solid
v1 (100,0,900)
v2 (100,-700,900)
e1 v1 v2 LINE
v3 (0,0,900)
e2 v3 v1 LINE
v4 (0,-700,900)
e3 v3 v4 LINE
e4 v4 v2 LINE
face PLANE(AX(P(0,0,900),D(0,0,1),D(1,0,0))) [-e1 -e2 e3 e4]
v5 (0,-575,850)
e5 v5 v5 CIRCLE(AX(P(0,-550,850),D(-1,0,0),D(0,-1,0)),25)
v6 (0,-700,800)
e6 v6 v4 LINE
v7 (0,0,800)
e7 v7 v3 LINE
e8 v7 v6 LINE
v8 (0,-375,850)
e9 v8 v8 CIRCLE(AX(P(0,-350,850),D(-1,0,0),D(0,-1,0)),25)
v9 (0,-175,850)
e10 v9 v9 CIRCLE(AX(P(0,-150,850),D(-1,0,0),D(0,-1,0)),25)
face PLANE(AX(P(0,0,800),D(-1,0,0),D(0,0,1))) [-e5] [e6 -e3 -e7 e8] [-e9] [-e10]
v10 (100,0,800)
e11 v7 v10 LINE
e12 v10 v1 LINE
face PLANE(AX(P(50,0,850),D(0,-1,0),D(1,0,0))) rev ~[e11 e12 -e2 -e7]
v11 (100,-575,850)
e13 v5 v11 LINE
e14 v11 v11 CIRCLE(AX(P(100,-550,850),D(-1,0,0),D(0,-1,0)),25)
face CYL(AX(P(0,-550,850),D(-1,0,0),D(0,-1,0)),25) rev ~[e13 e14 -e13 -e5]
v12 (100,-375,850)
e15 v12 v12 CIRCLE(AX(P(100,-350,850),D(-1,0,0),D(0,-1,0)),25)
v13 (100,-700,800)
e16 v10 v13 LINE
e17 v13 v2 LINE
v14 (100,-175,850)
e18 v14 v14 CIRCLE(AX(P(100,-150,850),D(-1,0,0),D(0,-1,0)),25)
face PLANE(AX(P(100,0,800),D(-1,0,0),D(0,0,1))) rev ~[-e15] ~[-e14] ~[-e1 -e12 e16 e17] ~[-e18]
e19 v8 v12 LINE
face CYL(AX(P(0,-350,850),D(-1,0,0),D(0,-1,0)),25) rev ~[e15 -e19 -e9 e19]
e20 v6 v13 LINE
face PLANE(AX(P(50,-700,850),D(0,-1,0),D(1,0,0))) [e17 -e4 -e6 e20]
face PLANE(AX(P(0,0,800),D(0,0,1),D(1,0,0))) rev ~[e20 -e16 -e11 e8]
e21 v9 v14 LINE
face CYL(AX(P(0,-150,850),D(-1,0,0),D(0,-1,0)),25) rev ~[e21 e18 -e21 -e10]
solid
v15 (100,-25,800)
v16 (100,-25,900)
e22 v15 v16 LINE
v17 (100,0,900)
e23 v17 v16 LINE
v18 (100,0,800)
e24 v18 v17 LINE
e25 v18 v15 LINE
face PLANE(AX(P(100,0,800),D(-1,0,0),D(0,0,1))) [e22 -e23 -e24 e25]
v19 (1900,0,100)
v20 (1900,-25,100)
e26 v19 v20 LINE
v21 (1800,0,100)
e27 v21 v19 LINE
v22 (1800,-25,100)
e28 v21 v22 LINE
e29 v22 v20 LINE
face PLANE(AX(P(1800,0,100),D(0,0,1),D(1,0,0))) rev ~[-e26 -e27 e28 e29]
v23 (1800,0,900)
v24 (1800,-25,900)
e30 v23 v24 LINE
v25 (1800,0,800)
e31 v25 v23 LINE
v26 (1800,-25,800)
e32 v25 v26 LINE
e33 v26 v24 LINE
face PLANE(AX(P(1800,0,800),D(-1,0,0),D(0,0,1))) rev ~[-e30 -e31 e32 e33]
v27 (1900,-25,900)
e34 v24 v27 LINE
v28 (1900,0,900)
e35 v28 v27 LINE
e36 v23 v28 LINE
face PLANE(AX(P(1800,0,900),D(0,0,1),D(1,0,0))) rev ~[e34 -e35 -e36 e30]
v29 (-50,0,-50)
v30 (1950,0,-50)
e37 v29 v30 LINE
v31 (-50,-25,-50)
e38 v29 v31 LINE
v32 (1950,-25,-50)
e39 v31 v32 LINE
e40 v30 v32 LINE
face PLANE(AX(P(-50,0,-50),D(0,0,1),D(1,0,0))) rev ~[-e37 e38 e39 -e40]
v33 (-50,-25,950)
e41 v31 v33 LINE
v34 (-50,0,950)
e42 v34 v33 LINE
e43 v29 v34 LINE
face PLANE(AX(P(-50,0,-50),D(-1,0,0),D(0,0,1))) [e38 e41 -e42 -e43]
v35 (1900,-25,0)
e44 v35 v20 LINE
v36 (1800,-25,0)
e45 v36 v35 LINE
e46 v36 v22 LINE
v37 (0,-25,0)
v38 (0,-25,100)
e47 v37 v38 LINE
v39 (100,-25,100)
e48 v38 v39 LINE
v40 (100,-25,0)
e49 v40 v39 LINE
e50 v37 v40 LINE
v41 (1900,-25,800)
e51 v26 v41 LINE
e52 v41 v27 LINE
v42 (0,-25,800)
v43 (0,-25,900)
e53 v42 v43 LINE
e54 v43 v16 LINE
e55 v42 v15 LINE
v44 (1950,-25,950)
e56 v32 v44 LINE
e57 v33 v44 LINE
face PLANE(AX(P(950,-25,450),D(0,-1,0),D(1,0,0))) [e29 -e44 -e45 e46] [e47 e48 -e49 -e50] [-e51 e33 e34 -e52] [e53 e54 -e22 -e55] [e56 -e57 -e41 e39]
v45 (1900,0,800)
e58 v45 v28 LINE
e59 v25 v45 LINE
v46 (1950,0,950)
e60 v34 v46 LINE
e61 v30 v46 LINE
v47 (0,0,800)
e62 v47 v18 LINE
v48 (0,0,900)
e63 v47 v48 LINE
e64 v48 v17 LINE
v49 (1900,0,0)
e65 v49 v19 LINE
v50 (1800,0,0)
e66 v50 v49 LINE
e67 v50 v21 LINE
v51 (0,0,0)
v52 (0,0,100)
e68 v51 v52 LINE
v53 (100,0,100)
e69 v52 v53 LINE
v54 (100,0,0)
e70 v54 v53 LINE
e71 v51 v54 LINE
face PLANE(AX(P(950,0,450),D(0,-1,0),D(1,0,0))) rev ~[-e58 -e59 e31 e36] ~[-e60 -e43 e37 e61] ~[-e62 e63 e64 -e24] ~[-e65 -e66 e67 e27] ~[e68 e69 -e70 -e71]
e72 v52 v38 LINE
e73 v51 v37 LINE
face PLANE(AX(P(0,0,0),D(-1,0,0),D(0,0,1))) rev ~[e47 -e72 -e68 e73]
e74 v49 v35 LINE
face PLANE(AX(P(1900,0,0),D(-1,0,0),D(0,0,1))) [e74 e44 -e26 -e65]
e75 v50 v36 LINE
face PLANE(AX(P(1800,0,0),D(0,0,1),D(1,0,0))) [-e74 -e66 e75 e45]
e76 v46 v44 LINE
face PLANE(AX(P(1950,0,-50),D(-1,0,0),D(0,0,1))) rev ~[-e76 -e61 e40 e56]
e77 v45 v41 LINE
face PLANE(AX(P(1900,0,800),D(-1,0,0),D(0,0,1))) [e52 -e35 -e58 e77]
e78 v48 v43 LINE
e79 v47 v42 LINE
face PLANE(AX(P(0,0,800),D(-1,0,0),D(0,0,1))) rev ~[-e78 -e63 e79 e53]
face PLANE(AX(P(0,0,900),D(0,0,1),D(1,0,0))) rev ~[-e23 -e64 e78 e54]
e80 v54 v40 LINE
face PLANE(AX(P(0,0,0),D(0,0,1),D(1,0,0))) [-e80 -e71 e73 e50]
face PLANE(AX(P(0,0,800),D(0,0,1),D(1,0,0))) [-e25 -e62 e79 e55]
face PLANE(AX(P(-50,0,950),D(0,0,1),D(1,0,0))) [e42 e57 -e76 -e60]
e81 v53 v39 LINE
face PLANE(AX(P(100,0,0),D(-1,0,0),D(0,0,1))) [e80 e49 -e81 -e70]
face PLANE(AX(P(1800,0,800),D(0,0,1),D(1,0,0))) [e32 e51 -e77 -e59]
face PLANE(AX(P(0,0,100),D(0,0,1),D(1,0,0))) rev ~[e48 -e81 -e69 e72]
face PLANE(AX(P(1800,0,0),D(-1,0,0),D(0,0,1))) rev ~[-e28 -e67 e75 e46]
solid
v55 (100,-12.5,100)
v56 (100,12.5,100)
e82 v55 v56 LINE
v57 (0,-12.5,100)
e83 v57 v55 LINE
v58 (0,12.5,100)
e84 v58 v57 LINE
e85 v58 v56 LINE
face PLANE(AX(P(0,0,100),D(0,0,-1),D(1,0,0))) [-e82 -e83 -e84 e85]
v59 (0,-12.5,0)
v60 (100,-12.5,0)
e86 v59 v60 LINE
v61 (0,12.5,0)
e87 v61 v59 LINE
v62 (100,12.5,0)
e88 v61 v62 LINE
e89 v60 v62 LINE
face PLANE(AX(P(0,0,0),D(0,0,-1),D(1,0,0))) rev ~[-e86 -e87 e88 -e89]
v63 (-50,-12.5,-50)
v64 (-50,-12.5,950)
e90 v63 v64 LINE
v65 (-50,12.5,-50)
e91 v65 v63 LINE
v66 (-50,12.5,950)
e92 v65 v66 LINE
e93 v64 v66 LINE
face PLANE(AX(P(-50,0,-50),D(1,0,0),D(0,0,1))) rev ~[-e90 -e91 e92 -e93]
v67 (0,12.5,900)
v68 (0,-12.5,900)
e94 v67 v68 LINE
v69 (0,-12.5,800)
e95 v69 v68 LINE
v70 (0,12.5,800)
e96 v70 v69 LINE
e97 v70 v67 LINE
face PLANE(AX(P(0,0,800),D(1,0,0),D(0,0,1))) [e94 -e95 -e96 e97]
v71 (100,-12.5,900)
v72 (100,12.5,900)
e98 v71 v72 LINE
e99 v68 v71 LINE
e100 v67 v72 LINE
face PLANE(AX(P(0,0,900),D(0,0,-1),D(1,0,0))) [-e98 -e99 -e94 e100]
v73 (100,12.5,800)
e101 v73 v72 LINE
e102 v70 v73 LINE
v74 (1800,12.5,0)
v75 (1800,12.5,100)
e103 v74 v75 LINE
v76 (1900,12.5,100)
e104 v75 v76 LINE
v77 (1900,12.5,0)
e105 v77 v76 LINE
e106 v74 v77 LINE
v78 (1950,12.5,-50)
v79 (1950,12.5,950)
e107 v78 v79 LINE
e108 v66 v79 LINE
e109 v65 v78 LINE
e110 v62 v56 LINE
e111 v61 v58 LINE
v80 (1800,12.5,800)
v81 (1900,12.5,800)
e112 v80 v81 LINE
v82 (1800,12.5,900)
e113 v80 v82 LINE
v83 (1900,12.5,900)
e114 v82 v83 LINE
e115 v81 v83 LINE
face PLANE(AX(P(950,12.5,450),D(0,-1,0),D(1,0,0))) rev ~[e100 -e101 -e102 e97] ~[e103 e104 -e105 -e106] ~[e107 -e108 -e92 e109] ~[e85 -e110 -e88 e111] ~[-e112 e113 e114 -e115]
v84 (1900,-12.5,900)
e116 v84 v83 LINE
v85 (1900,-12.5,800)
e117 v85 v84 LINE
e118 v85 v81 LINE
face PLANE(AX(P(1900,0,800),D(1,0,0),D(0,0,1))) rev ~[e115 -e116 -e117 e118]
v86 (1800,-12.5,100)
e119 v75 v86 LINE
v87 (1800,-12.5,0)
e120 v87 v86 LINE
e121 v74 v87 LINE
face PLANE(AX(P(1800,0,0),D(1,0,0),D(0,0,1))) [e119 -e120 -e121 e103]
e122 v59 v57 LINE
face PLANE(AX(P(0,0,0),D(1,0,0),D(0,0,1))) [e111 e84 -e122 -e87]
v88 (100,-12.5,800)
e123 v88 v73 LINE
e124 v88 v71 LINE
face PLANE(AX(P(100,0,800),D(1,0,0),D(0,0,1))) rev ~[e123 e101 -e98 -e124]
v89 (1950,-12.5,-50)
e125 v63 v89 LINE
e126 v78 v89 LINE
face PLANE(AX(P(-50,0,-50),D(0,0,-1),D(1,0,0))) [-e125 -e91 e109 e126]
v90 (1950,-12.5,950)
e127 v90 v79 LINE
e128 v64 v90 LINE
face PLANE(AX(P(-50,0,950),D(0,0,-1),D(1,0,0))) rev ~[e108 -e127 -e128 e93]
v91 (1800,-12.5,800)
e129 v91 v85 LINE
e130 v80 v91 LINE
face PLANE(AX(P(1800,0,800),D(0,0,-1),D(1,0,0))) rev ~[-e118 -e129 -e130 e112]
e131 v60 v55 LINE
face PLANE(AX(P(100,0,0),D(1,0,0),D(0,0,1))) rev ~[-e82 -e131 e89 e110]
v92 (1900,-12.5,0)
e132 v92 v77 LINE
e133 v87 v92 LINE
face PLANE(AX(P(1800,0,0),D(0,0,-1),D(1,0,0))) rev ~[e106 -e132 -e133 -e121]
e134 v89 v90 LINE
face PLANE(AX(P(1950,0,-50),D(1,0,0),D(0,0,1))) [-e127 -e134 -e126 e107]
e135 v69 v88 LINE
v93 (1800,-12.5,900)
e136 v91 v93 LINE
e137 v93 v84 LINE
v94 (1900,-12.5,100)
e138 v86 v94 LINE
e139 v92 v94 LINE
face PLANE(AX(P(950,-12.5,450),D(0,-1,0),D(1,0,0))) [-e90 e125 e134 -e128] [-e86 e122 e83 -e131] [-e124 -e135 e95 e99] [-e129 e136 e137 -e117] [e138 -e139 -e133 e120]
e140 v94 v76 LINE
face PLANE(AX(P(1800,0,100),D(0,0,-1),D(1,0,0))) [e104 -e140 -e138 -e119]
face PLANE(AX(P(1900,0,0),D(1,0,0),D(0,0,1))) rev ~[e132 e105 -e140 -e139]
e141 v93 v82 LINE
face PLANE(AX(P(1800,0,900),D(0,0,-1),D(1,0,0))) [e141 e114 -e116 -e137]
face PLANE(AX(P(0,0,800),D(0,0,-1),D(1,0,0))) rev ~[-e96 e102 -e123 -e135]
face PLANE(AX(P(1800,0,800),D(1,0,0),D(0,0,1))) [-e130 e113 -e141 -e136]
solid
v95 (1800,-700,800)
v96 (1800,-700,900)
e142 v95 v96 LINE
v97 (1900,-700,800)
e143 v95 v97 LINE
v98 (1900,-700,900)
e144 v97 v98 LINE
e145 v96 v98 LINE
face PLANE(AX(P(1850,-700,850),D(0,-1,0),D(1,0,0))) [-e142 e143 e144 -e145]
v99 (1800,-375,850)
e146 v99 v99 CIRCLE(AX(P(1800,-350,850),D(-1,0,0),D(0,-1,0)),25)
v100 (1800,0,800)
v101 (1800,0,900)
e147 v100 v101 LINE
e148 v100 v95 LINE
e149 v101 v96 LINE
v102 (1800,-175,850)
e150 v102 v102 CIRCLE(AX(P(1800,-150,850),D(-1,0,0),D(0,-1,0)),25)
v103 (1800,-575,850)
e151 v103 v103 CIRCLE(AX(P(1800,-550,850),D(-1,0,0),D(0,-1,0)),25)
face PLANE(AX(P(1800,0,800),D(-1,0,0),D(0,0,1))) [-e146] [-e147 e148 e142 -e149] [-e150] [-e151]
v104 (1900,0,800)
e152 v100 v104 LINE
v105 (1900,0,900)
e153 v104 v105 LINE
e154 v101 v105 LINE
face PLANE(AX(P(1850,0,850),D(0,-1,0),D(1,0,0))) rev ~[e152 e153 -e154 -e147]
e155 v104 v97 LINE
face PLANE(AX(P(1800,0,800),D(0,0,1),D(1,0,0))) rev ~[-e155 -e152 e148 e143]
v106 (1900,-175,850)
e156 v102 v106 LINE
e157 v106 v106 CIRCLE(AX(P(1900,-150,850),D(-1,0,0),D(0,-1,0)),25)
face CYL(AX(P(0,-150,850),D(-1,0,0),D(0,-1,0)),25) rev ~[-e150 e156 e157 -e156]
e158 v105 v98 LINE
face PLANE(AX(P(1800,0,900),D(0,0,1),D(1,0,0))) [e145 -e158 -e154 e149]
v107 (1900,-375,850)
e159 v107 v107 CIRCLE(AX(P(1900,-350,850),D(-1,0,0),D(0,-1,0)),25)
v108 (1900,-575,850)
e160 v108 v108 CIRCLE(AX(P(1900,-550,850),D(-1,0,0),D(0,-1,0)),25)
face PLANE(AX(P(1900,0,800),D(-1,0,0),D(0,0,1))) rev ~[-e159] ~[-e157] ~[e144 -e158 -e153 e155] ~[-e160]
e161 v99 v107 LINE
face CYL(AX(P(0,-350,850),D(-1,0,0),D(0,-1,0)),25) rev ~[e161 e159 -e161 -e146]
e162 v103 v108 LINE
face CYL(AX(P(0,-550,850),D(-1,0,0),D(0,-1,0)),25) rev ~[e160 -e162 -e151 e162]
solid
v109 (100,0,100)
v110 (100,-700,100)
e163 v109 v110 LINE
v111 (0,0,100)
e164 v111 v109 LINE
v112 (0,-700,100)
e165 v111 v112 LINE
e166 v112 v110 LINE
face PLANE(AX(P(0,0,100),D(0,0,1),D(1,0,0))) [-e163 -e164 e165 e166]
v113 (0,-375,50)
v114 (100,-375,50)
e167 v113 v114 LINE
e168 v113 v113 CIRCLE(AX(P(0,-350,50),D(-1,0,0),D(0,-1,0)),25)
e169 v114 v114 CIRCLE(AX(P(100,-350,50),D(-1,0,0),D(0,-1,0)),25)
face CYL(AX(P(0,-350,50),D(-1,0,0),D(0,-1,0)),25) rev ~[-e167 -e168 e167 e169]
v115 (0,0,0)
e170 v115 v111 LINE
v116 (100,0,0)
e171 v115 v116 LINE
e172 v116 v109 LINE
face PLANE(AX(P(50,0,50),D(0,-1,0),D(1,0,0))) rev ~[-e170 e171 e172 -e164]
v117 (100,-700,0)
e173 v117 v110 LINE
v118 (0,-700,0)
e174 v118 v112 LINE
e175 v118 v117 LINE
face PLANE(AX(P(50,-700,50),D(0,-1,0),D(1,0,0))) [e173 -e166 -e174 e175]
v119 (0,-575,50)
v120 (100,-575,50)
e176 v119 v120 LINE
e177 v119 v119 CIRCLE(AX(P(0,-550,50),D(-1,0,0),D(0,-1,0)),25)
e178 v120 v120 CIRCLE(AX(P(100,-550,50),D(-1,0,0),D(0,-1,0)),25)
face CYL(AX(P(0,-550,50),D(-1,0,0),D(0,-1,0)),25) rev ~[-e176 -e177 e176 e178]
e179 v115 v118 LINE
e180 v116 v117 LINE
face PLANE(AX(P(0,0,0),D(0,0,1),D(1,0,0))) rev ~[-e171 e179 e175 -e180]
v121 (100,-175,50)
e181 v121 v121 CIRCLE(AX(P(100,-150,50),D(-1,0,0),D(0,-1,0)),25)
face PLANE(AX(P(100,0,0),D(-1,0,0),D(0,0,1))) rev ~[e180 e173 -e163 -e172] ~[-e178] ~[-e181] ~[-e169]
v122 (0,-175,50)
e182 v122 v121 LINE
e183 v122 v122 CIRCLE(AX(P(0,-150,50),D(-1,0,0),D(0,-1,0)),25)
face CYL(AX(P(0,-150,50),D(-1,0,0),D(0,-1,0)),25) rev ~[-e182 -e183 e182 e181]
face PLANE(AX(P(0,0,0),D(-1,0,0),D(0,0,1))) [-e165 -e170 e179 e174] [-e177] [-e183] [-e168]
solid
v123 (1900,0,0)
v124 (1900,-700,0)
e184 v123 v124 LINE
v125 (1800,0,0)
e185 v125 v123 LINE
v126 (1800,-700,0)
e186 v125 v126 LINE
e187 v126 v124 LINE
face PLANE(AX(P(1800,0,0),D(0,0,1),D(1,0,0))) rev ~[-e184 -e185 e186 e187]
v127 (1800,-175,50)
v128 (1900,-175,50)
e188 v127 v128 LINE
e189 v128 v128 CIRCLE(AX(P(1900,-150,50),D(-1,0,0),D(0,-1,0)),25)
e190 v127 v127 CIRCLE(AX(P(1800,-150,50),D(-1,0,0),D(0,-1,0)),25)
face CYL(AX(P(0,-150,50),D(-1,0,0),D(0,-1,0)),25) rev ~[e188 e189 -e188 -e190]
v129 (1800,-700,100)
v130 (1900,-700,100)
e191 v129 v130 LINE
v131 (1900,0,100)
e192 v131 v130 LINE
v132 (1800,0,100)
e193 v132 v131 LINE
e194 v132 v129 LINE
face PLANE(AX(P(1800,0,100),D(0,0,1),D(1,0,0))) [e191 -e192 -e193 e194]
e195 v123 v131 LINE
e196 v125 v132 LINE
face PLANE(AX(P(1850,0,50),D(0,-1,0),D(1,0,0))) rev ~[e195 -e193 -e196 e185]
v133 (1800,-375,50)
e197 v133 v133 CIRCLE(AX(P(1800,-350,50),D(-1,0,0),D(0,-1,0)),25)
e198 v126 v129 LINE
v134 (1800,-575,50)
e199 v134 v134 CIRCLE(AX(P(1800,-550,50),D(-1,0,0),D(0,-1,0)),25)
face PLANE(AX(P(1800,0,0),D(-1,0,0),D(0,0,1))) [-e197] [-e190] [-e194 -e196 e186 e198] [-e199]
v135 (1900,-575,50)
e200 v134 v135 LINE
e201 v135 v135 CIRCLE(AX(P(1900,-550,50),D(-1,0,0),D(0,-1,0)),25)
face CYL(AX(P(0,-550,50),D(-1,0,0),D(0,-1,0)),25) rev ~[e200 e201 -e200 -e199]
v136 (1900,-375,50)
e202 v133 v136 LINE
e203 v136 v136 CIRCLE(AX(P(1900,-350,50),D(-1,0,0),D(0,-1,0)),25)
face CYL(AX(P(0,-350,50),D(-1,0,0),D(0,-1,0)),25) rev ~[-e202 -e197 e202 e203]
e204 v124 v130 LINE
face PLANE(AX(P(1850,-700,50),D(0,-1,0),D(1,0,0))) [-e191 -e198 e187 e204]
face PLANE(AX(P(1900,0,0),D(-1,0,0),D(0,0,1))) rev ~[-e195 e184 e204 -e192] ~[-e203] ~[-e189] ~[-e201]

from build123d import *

# Parameters (mm, degrees)
F0_W     = 2000
F0_H     = 1000
F0_W_2   = 100
F0_H_2   = 100
F1_DEPTH = 12.5
F2_DEPTH = 700
F3_DEPTH = 25
F4_R     = 25
F5_DEPTH = 1950.001


with BuildPart() as f1:
    # F0 (on Front) → F1 (new body, symmetric)
    with BuildSketch(Plane.XZ):
        with Locations((950, 450)):
            Rectangle(F0_W, F0_H)
        with Locations((50, 50)):
            Rectangle(F0_W_2, F0_H_2, mode=Mode.SUBTRACT)
        with Locations((1850, 50)):
            Rectangle(F0_W_2, F0_H_2, mode=Mode.SUBTRACT)
        with Locations((50, 850)):
            Rectangle(F0_W_2, F0_H_2, mode=Mode.SUBTRACT)
        with Locations((1850, 850)):
            Rectangle(F0_W_2, F0_H_2, mode=Mode.SUBTRACT)
    extrude(amount=F1_DEPTH, both=True)


with BuildPart() as f2:
    # F0 (on Front) → F2 (new body)
    with BuildSketch(Plane.XZ):
        with Locations((50, 850)):
            Rectangle(F0_W_2, F0_H_2)
        with Locations((1850, 850)):
            Rectangle(F0_W_2, F0_H_2)
        with Locations((1850, 50)):
            Rectangle(F0_W_2, F0_H_2)
        with Locations((50, 50)):
            Rectangle(F0_W_2, F0_H_2)
    extrude(amount=F2_DEPTH)

    # F4 (on face) → F5 (cut, through all)
    with BuildSketch(Plane(origin=(0, 0, 0), x_dir=(0, -1, 0), z_dir=(-1, 0, 0))):
        with Locations((150, 850)):
            Circle(F4_R)
        with Locations((350, 50)):
            Circle(F4_R)
        with Locations((550, 50)):
            Circle(F4_R)
        with Locations((350, 850)):
            Circle(F4_R)
        with Locations((550, 850)):
            Circle(F4_R)
        with Locations((150, 50)):
            Circle(F4_R)
    extrude(amount=-F5_DEPTH, mode=Mode.SUBTRACT)


with BuildPart() as f3:
    # F0 (on Front) → F3 (new body)
    with BuildSketch(Plane.XZ):
        with Locations((950, 450)):
            Rectangle(F0_W, F0_H)
        with Locations((50, 50)):
            Rectangle(F0_W_2, F0_H_2, mode=Mode.SUBTRACT)
        with Locations((1850, 50)):
            Rectangle(F0_W_2, F0_H_2, mode=Mode.SUBTRACT)
        with Locations((50, 850)):
            Rectangle(F0_W_2, F0_H_2, mode=Mode.SUBTRACT)
        with Locations((1850, 850)):
            Rectangle(F0_W_2, F0_H_2, mode=Mode.SUBTRACT)
    extrude(amount=F3_DEPTH)


solid = Compound([f1.part, f2.part, f3.part])
